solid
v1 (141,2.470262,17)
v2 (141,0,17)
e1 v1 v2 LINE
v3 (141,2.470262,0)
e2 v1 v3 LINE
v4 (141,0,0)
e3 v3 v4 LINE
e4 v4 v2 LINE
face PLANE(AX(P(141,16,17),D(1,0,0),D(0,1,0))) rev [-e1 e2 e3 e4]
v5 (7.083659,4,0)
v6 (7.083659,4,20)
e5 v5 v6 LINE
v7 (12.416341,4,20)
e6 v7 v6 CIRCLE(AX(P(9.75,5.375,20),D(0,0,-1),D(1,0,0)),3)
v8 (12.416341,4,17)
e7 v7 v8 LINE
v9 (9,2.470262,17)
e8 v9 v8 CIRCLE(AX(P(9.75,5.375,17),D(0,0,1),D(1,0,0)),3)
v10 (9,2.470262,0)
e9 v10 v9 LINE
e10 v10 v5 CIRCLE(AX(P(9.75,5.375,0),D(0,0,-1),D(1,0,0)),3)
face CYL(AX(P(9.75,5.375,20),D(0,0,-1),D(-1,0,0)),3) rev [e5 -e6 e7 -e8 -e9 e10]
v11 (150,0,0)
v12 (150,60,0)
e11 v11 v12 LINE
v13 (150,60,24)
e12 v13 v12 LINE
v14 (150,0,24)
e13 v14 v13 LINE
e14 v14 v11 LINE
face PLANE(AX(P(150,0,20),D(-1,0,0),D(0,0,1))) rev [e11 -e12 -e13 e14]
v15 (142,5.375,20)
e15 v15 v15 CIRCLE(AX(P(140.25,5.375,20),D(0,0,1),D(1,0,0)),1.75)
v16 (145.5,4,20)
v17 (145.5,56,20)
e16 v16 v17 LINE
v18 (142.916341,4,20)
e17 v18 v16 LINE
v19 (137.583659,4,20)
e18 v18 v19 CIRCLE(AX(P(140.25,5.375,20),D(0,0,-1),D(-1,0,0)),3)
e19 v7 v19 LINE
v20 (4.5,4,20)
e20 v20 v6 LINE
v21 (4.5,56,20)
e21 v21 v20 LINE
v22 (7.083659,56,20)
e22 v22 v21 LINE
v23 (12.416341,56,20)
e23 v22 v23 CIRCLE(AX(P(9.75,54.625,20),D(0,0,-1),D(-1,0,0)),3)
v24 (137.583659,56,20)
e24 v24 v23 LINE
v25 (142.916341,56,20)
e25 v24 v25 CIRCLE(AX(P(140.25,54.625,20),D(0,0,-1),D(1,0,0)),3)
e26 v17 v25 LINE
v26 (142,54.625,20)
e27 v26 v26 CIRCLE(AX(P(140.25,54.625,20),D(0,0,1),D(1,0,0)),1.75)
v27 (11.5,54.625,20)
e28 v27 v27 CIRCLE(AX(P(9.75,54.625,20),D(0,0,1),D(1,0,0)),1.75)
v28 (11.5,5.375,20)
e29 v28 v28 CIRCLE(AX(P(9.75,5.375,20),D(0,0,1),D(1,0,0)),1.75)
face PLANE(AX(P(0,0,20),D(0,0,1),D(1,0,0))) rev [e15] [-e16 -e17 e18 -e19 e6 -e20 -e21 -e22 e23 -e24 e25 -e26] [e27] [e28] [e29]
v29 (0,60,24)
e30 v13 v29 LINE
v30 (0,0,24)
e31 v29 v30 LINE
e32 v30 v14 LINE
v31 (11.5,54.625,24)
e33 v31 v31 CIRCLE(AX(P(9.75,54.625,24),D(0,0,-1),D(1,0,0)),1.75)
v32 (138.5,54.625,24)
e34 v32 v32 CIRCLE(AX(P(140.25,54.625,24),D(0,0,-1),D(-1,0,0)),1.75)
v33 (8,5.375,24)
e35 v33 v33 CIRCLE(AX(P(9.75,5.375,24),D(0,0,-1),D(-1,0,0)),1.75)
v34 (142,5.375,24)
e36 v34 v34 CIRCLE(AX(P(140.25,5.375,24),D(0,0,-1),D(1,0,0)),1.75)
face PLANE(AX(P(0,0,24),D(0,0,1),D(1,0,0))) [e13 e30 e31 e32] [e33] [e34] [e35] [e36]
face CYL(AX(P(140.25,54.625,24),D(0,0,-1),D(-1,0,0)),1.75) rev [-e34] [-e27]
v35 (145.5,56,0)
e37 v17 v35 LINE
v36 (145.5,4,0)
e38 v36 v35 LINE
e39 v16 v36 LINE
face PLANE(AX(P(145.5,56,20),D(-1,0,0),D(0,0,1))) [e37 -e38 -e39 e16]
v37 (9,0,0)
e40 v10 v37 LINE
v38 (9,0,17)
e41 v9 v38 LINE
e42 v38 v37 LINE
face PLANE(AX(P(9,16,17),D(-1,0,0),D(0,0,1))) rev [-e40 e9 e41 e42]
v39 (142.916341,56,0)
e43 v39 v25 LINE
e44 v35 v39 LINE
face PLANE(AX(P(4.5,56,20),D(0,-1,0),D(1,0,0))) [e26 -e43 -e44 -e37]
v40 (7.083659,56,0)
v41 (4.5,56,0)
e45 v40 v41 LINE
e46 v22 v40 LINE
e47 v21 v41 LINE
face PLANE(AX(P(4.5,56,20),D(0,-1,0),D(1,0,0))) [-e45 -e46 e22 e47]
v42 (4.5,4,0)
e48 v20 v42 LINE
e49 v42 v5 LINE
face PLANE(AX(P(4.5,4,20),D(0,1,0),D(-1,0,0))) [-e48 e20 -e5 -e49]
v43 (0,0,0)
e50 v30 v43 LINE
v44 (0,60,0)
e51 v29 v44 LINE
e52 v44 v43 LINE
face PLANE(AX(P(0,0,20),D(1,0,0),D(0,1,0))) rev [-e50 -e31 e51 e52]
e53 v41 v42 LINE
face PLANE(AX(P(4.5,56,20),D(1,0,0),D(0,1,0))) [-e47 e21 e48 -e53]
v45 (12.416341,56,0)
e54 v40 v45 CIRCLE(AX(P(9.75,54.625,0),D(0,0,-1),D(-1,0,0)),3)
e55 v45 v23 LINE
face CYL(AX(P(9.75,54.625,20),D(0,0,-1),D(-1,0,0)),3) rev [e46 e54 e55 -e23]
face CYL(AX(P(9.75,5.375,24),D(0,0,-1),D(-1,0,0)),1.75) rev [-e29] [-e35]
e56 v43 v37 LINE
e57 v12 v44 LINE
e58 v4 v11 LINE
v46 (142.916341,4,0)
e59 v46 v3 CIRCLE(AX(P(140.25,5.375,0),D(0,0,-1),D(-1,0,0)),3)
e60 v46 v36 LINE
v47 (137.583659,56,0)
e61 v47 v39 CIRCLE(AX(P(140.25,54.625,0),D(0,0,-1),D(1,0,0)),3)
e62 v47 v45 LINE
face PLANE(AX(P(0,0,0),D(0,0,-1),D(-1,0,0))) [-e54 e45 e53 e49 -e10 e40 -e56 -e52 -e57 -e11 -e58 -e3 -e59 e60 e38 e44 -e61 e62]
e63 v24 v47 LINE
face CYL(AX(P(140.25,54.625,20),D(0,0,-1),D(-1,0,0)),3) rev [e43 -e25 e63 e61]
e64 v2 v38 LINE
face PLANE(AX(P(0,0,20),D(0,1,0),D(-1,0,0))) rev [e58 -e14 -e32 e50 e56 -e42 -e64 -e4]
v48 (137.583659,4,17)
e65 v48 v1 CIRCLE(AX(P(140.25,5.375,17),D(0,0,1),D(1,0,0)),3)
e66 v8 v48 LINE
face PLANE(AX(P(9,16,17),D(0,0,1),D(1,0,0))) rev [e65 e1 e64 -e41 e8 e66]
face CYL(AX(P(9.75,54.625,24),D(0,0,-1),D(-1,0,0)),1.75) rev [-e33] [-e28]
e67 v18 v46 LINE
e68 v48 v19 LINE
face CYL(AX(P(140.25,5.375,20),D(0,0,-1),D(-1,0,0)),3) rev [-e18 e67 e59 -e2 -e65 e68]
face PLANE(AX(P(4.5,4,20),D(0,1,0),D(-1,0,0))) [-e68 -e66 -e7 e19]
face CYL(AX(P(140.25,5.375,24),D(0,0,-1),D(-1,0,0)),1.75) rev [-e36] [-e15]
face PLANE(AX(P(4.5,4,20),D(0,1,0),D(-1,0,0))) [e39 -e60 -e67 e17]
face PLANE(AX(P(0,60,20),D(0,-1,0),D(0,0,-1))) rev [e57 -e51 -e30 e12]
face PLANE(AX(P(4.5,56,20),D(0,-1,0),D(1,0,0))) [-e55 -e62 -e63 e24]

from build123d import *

# Parameters (mm, degrees)
SKETCH1_W               = 150
SKETCH1_H               = 60
SKETCH1_W_2             = 141
SKETCH1_H_2             = 52
BOSS_EXTRUDE1_DEPTH     = 20
SKETCH2_W               = 150
SKETCH2_H               = 60
BOSS_EXTRUDE2_DEPTH     = 4
SKETCH3_W               = 132
SKETCH3_H               = 17
CUT_EXTRUDE1_DEPTH      = 16
SKETCH4_R               = 1.75
CUT_EXTRUDE3_DEPTH      = 21
CUT_EXTRUDE3_DEPTH_BACK = 5
CUT_EXTRUDE4_START      = -20
SKETCH5_R               = 3
CUT_EXTRUDE4_DEPTH      = 20


with BuildPart() as part:
    # Sketch1 → Boss-Extrude1 (new body)
    with BuildSketch(Plane.XY):
        with Locations((75, 30)):
            Rectangle(SKETCH1_W, SKETCH1_H)
        with Locations((75, 30)):
            Rectangle(SKETCH1_W_2, SKETCH1_H_2, mode=Mode.SUBTRACT)
    extrude(amount=BOSS_EXTRUDE1_DEPTH)

    # Sketch2 → Boss-Extrude2 (add)
    with BuildSketch(Plane.XY.offset(20)):
        with Locations((75, 30)):
            Rectangle(SKETCH2_W, SKETCH2_H)
    extrude(amount=BOSS_EXTRUDE2_DEPTH)

    # Sketch3 → Cut-Extrude1 (cut)
    with BuildSketch(Plane.XZ):
        with Locations((75, 8.5)):
            Rectangle(SKETCH3_W, SKETCH3_H)
    extrude(amount=-CUT_EXTRUDE1_DEPTH, mode=Mode.SUBTRACT)

    # Sketch4 → Cut-Extrude3 (cut, two sides)
    with BuildSketch(Plane(origin=(0, 0, 20), x_dir=(-1, 0, 0), z_dir=(0, 0, -1))) as cut_extrude3_sk:
        with Locations((-140.25, 54.625)):
            Circle(SKETCH4_R)
        with Locations((-9.75, 54.625)):
            Circle(SKETCH4_R)
        with Locations((-9.75, 5.375)):
            Circle(SKETCH4_R)
        with Locations((-140.25, 5.375)):
            Circle(SKETCH4_R)
    extrude(amount=CUT_EXTRUDE3_DEPTH, mode=Mode.SUBTRACT)
    extrude(cut_extrude3_sk.sketch, amount=-CUT_EXTRUDE3_DEPTH_BACK, mode=Mode.SUBTRACT)

    # Sketch5 → Cut-Extrude4 (cut)
    with BuildSketch(Plane(origin=(0, 0, 0), x_dir=(-1, 0, 0), z_dir=(0, 0, -1)).offset(CUT_EXTRUDE4_START)):
        with Locations((-140.25, 5.375)):
            Circle(SKETCH5_R)
        with Locations((-9.75, 5.375)):
            Circle(SKETCH5_R)
        with Locations((-140.25, 54.625)):
            Circle(SKETCH5_R)
        with Locations((-9.75, 54.625)):
            Circle(SKETCH5_R)
    extrude(amount=CUT_EXTRUDE4_DEPTH, mode=Mode.SUBTRACT)


solid = part.part
